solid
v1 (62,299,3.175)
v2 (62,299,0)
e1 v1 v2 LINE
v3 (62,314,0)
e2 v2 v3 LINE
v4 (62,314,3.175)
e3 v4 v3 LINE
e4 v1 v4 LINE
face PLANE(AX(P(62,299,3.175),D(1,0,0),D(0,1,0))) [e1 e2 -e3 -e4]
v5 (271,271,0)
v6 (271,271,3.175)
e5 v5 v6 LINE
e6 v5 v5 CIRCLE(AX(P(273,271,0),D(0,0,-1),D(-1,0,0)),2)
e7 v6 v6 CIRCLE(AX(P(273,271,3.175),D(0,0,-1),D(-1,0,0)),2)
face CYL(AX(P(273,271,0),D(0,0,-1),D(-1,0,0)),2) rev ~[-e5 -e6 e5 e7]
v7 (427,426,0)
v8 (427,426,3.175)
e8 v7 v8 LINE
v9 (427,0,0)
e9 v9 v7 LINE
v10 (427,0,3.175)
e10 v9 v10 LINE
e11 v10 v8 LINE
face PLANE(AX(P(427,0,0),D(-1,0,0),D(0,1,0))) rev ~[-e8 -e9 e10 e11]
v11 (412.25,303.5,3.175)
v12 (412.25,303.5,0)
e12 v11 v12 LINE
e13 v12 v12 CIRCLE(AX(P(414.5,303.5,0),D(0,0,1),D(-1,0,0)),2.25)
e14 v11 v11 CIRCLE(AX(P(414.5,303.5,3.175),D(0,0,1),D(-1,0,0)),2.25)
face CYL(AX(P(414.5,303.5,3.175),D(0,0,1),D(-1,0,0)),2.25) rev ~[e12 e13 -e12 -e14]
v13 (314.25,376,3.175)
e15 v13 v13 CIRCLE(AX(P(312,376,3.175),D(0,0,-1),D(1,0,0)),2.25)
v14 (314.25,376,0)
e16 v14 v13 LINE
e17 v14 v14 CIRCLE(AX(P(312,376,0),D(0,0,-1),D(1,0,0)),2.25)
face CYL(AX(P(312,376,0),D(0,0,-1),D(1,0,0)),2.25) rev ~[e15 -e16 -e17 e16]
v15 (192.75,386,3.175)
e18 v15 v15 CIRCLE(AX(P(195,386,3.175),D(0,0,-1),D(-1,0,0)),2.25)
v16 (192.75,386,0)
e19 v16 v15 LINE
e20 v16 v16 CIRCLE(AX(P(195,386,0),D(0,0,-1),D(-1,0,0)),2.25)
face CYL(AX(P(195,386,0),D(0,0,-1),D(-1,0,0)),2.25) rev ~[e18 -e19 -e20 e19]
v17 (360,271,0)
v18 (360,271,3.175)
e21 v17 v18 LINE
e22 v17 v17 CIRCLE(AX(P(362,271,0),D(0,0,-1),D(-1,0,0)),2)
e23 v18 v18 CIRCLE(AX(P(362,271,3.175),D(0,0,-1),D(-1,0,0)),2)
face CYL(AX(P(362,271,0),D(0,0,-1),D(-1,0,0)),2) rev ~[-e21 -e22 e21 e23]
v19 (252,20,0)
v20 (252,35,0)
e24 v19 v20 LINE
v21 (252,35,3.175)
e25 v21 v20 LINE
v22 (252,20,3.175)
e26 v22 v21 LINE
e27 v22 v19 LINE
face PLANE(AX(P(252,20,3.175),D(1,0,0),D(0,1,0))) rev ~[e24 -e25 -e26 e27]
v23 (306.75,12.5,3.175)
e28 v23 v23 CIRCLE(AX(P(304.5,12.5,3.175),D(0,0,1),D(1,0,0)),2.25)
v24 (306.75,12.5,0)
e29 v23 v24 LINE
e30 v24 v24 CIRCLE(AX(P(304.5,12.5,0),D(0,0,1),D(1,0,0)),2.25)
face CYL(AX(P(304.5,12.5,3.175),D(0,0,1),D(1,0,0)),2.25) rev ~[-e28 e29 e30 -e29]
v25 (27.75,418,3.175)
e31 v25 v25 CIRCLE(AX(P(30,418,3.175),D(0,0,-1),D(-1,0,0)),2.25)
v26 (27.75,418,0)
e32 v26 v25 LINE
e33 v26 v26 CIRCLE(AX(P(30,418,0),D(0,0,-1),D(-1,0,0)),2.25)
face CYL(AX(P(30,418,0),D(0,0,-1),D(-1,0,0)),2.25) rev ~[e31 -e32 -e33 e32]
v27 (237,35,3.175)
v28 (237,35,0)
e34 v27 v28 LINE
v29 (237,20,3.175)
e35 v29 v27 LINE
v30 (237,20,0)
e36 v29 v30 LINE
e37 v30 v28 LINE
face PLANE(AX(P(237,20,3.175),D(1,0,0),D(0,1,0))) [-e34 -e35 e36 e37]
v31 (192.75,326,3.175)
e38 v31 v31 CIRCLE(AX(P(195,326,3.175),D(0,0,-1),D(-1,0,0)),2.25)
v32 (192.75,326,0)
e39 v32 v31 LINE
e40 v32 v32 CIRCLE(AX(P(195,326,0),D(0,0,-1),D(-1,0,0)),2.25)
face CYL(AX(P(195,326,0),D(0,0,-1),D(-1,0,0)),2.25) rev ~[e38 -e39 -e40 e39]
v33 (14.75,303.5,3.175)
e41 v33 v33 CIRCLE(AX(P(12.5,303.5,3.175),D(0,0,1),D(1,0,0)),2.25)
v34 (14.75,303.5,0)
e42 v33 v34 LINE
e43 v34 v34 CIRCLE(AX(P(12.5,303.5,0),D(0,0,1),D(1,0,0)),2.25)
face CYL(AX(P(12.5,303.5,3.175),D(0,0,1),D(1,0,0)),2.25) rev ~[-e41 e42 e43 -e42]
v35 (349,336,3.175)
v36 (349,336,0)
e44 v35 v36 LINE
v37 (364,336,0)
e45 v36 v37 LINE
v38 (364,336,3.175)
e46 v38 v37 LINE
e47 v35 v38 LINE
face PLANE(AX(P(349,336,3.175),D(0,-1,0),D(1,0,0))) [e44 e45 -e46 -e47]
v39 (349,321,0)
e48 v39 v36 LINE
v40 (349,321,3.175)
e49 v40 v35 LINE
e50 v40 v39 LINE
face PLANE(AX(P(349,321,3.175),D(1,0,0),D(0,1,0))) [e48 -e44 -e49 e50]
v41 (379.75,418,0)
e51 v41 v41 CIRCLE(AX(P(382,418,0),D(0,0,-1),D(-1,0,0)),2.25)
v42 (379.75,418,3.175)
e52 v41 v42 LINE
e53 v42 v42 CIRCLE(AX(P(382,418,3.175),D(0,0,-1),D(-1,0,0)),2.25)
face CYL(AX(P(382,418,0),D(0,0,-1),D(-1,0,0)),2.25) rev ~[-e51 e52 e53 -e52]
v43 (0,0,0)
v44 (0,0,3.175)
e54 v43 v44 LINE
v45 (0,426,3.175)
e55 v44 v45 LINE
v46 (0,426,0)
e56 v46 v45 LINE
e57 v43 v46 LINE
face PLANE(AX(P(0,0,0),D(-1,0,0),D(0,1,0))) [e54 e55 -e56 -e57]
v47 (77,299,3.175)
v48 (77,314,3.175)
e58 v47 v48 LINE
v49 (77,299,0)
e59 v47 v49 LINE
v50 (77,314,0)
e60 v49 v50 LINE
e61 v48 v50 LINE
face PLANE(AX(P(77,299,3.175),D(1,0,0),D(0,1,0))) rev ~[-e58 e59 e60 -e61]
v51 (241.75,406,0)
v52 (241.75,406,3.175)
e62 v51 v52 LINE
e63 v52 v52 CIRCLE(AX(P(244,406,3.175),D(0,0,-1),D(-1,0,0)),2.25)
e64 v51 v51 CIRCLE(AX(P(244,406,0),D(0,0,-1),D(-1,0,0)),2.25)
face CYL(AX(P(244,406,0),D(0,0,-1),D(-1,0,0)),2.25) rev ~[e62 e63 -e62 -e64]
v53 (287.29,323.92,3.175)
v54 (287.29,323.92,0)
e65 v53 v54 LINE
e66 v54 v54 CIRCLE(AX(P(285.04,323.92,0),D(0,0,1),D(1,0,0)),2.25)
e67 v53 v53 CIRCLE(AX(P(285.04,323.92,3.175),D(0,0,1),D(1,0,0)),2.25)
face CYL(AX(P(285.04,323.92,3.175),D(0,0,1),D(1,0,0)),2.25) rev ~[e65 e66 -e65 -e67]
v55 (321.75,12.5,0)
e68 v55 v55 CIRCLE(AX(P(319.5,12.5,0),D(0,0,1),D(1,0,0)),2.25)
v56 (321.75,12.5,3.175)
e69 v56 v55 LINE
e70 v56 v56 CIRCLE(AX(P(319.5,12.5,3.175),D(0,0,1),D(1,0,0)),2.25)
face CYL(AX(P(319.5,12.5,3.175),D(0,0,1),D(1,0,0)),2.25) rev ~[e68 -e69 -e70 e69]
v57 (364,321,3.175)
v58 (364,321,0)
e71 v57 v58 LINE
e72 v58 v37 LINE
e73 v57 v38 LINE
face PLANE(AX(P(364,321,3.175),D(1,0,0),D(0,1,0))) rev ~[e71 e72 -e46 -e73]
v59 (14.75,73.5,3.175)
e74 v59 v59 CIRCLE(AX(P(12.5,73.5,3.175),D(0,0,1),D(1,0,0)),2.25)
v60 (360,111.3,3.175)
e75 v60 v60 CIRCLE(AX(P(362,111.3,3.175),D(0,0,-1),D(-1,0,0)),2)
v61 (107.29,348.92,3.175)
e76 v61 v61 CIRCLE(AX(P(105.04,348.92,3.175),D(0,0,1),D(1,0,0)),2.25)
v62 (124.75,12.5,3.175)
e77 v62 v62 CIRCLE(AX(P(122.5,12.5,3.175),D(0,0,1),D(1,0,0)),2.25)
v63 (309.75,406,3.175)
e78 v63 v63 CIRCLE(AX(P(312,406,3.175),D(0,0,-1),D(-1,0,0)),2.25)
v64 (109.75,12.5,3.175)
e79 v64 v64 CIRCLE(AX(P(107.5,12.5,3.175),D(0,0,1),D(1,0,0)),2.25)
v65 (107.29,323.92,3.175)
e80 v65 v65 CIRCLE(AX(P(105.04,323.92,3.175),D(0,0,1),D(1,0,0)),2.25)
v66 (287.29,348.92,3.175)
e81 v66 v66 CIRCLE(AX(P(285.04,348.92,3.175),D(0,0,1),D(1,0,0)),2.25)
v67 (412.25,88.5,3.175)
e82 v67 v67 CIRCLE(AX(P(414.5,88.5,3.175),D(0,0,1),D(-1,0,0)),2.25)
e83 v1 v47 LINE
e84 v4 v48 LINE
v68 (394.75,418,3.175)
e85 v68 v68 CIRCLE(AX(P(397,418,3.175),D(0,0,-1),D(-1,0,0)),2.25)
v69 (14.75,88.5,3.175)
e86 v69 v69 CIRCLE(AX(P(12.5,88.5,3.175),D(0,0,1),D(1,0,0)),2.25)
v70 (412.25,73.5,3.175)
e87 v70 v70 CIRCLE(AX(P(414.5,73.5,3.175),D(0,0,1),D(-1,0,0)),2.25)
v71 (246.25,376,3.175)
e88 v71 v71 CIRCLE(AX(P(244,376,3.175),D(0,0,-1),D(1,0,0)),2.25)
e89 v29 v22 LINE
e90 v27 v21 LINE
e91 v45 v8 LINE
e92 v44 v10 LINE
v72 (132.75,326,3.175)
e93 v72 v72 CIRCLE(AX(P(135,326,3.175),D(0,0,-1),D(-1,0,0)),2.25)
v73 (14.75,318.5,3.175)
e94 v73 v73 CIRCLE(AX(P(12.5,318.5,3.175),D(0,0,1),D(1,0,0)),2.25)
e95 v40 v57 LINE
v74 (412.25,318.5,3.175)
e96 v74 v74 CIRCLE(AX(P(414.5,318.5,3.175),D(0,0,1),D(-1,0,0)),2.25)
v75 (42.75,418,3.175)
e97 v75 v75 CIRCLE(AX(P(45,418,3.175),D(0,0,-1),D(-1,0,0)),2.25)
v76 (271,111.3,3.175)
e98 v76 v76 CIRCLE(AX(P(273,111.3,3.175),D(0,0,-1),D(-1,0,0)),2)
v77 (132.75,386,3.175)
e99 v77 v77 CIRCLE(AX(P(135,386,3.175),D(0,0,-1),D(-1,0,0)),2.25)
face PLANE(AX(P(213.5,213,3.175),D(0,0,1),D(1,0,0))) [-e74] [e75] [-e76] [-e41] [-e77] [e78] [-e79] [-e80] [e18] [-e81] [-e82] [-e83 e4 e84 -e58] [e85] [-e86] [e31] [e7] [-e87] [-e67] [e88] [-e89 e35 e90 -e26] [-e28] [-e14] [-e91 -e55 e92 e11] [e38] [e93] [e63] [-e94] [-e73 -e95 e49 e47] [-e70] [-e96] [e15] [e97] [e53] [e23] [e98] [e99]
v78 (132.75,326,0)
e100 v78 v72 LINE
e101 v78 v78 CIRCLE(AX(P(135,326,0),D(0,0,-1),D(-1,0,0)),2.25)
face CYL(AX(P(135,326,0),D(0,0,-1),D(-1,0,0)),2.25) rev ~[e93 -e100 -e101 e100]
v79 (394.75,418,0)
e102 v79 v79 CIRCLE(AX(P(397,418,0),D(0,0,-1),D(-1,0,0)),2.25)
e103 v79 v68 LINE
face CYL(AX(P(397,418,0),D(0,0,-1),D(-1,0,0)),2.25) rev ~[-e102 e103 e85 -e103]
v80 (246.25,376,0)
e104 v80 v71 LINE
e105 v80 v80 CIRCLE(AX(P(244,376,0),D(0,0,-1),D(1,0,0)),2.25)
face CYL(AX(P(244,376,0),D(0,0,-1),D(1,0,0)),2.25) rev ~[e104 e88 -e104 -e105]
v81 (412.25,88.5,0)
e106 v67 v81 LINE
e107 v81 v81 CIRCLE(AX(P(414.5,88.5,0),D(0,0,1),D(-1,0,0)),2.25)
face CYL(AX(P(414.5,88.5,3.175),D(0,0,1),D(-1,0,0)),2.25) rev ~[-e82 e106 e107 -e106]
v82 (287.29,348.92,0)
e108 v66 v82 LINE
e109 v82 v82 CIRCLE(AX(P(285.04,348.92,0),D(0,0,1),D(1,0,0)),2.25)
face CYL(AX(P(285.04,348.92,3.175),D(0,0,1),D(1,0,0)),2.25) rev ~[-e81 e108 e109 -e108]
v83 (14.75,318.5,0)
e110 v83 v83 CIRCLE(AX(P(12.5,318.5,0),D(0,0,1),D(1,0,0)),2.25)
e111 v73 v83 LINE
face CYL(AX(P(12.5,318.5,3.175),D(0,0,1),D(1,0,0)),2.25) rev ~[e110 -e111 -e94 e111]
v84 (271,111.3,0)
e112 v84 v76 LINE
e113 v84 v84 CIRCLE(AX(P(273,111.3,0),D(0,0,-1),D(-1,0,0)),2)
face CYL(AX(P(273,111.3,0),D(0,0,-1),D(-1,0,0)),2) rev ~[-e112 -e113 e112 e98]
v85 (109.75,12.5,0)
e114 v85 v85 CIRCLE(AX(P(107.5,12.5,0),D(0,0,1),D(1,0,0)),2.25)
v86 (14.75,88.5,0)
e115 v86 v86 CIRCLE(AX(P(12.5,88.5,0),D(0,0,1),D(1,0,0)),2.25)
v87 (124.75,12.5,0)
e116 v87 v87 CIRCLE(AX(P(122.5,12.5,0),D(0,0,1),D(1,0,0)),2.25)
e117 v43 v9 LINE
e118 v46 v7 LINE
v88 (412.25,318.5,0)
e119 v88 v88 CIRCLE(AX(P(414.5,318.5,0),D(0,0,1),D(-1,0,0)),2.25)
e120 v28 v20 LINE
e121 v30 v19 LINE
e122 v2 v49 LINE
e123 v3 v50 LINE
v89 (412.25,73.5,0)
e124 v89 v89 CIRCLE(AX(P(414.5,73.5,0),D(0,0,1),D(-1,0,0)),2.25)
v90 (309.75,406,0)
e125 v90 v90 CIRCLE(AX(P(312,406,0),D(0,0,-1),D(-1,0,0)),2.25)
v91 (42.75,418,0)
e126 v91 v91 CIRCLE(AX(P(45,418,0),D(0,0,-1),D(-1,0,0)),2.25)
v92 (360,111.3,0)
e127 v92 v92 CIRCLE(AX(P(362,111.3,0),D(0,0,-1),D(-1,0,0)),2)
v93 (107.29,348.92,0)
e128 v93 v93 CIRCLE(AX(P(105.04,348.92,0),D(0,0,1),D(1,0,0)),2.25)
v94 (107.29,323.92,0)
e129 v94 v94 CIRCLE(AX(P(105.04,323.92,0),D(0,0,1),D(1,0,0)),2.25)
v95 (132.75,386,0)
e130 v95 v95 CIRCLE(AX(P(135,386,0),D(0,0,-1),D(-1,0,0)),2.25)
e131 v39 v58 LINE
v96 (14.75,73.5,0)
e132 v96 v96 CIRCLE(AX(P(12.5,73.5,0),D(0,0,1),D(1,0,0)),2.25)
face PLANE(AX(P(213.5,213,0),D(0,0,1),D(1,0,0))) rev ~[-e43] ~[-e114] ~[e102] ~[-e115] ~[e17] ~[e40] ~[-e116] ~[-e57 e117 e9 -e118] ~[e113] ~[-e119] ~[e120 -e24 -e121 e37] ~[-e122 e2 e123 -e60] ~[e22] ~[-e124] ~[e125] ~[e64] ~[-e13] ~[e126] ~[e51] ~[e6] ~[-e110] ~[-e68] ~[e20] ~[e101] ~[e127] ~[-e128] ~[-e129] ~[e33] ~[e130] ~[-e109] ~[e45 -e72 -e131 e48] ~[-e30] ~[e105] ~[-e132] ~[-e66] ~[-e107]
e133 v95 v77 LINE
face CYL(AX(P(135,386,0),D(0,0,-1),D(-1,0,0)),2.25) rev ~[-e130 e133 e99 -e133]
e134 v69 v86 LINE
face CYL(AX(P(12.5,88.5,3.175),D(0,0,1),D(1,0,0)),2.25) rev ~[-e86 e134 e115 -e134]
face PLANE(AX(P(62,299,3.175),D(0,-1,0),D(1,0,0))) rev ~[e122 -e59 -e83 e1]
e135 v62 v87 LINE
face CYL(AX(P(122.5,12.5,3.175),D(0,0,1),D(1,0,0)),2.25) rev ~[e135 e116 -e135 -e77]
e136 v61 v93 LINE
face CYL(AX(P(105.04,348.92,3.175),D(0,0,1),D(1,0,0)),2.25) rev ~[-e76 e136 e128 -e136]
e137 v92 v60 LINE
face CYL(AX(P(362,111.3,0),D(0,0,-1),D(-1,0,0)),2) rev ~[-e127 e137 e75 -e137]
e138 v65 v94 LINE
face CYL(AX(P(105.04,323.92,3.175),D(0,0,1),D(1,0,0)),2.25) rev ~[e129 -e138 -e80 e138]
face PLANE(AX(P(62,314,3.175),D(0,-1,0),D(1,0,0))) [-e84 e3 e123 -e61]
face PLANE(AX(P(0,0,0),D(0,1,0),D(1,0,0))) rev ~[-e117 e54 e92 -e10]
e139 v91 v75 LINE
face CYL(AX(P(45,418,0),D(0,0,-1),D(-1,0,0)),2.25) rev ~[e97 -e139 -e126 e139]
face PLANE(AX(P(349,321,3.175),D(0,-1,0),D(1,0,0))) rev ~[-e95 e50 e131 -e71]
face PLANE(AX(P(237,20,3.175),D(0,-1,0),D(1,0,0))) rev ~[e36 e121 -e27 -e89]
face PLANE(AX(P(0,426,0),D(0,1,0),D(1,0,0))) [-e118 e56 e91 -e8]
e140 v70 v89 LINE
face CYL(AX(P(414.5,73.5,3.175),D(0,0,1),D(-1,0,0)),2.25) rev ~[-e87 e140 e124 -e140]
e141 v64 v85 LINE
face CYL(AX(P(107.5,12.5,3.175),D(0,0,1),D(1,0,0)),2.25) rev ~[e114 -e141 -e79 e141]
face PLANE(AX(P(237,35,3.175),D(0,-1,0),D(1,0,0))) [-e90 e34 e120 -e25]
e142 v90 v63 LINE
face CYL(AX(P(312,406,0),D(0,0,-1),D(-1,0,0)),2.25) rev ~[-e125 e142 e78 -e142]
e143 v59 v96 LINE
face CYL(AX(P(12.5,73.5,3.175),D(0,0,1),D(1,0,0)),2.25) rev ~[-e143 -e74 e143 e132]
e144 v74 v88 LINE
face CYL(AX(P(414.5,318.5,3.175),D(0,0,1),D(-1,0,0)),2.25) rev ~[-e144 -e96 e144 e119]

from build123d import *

# Parameters (mm, degrees)
SKETCH1_W           = 427
SKETCH1_H           = 426
BOSS_EXTRUDE1_DEPTH = 3.175
SKETCH2_R           = 2.25
CUT_EXTRUDE1_DEPTH  = 604.170855252
SKETCH3_R           = 2.25
CUT_EXTRUDE2_DEPTH  = 604.170855252
SKETCH4_W           = 15
SKETCH4_H           = 15
CUT_EXTRUDE3_DEPTH  = 604.170855252
SKETCH5_R           = 2
CUT_EXTRUDE4_DEPTH  = 604.170855252
SKETCH6_R           = 2.25
CUT_EXTRUDE5_DEPTH  = 604.170855252
SKETCH7_R           = 2.25
CUT_EXTRUDE6_DEPTH  = 604.170855252
SKETCH8_R           = 2.25
CUT_EXTRUDE7_DEPTH  = 10
SKETCH9_R           = 2.25
CUT_EXTRUDE8_DEPTH  = 10


with BuildPart() as part:
    # Sketch1 → Boss-Extrude1 (new body)
    with BuildSketch(Plane.XY):
        with Locations((213.5, 213)):
            Rectangle(SKETCH1_W, SKETCH1_H)
    extrude(amount=BOSS_EXTRUDE1_DEPTH)

    # Sketch2 → Cut-Extrude1 (cut, through all)
    with BuildSketch(Plane.XY.offset(3.175)):
        with Locations((12.500000062, 318.5)):
            Circle(SKETCH2_R)
        with Locations((12.500000062, 303.5)):
            Circle(SKETCH2_R)
        with Locations((12.500000062, 88.5)):
            Circle(SKETCH2_R)
        with Locations((12.500000062, 73.5)):
            Circle(SKETCH2_R)
        with Locations(Location((414.499999938, 88.5, 0), (0, 0, 180))):
            Circle(SKETCH2_R)
        with Locations(Location((414.499999938, 73.5, 0), (0, 0, 180))):
            Circle(SKETCH2_R)
        with Locations(Location((414.499999938, 318.5, 0), (0, 0, 180))):
            Circle(SKETCH2_R)
        with Locations(Location((414.499999938, 303.5, 0), (0, 0, 180))):
            Circle(SKETCH2_R)
    extrude(amount=-CUT_EXTRUDE1_DEPTH, mode=Mode.SUBTRACT)

    # Sketch3 → Cut-Extrude2 (cut, through all)
    with BuildSketch(Plane.XY.offset(3.175)):
        with Locations((304.5, 12.5)):
            Circle(SKETCH3_R)
        with Locations((319.5, 12.5)):
            Circle(SKETCH3_R)
        with Locations((122.5, 12.5)):
            Circle(SKETCH3_R)
        with Locations((107.5, 12.5)):
            Circle(SKETCH3_R)
    extrude(amount=-CUT_EXTRUDE2_DEPTH, mode=Mode.SUBTRACT)

    # Sketch4 → Cut-Extrude3 (cut, through all)
    with BuildSketch(Plane.XY.offset(3.175)):
        with Locations((244.5, 27.5)):
            Rectangle(SKETCH4_W, SKETCH4_H)
        with Locations((356.5, 328.5)):
            Rectangle(SKETCH4_W, SKETCH4_H)
        with Locations((69.5, 306.5)):
            Rectangle(SKETCH4_W, SKETCH4_H)
    extrude(amount=-CUT_EXTRUDE3_DEPTH, mode=Mode.SUBTRACT)

    # Sketch5 → Cut-Extrude4 (cut, through all)
    with BuildSketch(Plane(origin=(0, 0, 0), x_dir=(-1, 0, 0), z_dir=(0, 0, -1))):
        with Locations((-362, 271)):
            Circle(SKETCH5_R)
        with Locations((-273, 271)):
            Circle(SKETCH5_R)
        with Locations((-362, 111.3)):
            Circle(SKETCH5_R)
        with Locations((-273, 111.3)):
            Circle(SKETCH5_R)
    extrude(amount=-CUT_EXTRUDE4_DEPTH, mode=Mode.SUBTRACT)

    # Sketch6 → Cut-Extrude5 (cut, through all)
    with BuildSketch(Plane(origin=(0, 0, 0), x_dir=(-1, 0, 0), z_dir=(0, 0, -1))):
        with Locations((-195, 386)):
            Circle(SKETCH6_R)
        with Locations((-135, 386)):
            Circle(SKETCH6_R)
        with Locations((-195, 326)):
            Circle(SKETCH6_R)
        with Locations((-135, 326)):
            Circle(SKETCH6_R)
    extrude(amount=-CUT_EXTRUDE5_DEPTH, mode=Mode.SUBTRACT)

    # Sketch7 → Cut-Extrude6 (cut, through all)
    with BuildSketch(Plane(origin=(0, 0, 0), x_dir=(-1, 0, 0), z_dir=(0, 0, -1))):
        with Locations((-312, 406)):
            Circle(SKETCH7_R)
        with Locations((-244, 406)):
            Circle(SKETCH7_R)
        with Locations(Location((-244, 376, 0), (0, 0, 180))):
            Circle(SKETCH7_R)
        with Locations(Location((-312, 376, 0), (0, 0, 180))):
            Circle(SKETCH7_R)
    extrude(amount=-CUT_EXTRUDE6_DEPTH, mode=Mode.SUBTRACT)

    # Sketch8 → Cut-Extrude7 (cut)
    with BuildSketch(Plane.XY.offset(3.175)):
        with Locations((285.04, 348.92)):
            Circle(SKETCH8_R)
        with Locations((105.04, 348.92)):
            Circle(SKETCH8_R)
        with Locations((105.04, 323.92)):
            Circle(SKETCH8_R)
        with Locations((285.04, 323.92)):
            Circle(SKETCH8_R)
    extrude(amount=-CUT_EXTRUDE7_DEPTH, mode=Mode.SUBTRACT)

    # Sketch9 → Cut-Extrude8 (cut)
    with BuildSketch(Plane(origin=(0, 0, 0), x_dir=(-1, 0, 0), z_dir=(0, 0, -1))):
        with Locations((-30, 418)):
            Circle(SKETCH9_R)
        with Locations((-397, 418)):
            Circle(SKETCH9_R)
        with Locations((-382, 418)):
            Circle(SKETCH9_R)
        with Locations((-45, 418)):
            Circle(SKETCH9_R)
    extrude(amount=-CUT_EXTRUDE8_DEPTH, mode=Mode.SUBTRACT)


solid = part.part
